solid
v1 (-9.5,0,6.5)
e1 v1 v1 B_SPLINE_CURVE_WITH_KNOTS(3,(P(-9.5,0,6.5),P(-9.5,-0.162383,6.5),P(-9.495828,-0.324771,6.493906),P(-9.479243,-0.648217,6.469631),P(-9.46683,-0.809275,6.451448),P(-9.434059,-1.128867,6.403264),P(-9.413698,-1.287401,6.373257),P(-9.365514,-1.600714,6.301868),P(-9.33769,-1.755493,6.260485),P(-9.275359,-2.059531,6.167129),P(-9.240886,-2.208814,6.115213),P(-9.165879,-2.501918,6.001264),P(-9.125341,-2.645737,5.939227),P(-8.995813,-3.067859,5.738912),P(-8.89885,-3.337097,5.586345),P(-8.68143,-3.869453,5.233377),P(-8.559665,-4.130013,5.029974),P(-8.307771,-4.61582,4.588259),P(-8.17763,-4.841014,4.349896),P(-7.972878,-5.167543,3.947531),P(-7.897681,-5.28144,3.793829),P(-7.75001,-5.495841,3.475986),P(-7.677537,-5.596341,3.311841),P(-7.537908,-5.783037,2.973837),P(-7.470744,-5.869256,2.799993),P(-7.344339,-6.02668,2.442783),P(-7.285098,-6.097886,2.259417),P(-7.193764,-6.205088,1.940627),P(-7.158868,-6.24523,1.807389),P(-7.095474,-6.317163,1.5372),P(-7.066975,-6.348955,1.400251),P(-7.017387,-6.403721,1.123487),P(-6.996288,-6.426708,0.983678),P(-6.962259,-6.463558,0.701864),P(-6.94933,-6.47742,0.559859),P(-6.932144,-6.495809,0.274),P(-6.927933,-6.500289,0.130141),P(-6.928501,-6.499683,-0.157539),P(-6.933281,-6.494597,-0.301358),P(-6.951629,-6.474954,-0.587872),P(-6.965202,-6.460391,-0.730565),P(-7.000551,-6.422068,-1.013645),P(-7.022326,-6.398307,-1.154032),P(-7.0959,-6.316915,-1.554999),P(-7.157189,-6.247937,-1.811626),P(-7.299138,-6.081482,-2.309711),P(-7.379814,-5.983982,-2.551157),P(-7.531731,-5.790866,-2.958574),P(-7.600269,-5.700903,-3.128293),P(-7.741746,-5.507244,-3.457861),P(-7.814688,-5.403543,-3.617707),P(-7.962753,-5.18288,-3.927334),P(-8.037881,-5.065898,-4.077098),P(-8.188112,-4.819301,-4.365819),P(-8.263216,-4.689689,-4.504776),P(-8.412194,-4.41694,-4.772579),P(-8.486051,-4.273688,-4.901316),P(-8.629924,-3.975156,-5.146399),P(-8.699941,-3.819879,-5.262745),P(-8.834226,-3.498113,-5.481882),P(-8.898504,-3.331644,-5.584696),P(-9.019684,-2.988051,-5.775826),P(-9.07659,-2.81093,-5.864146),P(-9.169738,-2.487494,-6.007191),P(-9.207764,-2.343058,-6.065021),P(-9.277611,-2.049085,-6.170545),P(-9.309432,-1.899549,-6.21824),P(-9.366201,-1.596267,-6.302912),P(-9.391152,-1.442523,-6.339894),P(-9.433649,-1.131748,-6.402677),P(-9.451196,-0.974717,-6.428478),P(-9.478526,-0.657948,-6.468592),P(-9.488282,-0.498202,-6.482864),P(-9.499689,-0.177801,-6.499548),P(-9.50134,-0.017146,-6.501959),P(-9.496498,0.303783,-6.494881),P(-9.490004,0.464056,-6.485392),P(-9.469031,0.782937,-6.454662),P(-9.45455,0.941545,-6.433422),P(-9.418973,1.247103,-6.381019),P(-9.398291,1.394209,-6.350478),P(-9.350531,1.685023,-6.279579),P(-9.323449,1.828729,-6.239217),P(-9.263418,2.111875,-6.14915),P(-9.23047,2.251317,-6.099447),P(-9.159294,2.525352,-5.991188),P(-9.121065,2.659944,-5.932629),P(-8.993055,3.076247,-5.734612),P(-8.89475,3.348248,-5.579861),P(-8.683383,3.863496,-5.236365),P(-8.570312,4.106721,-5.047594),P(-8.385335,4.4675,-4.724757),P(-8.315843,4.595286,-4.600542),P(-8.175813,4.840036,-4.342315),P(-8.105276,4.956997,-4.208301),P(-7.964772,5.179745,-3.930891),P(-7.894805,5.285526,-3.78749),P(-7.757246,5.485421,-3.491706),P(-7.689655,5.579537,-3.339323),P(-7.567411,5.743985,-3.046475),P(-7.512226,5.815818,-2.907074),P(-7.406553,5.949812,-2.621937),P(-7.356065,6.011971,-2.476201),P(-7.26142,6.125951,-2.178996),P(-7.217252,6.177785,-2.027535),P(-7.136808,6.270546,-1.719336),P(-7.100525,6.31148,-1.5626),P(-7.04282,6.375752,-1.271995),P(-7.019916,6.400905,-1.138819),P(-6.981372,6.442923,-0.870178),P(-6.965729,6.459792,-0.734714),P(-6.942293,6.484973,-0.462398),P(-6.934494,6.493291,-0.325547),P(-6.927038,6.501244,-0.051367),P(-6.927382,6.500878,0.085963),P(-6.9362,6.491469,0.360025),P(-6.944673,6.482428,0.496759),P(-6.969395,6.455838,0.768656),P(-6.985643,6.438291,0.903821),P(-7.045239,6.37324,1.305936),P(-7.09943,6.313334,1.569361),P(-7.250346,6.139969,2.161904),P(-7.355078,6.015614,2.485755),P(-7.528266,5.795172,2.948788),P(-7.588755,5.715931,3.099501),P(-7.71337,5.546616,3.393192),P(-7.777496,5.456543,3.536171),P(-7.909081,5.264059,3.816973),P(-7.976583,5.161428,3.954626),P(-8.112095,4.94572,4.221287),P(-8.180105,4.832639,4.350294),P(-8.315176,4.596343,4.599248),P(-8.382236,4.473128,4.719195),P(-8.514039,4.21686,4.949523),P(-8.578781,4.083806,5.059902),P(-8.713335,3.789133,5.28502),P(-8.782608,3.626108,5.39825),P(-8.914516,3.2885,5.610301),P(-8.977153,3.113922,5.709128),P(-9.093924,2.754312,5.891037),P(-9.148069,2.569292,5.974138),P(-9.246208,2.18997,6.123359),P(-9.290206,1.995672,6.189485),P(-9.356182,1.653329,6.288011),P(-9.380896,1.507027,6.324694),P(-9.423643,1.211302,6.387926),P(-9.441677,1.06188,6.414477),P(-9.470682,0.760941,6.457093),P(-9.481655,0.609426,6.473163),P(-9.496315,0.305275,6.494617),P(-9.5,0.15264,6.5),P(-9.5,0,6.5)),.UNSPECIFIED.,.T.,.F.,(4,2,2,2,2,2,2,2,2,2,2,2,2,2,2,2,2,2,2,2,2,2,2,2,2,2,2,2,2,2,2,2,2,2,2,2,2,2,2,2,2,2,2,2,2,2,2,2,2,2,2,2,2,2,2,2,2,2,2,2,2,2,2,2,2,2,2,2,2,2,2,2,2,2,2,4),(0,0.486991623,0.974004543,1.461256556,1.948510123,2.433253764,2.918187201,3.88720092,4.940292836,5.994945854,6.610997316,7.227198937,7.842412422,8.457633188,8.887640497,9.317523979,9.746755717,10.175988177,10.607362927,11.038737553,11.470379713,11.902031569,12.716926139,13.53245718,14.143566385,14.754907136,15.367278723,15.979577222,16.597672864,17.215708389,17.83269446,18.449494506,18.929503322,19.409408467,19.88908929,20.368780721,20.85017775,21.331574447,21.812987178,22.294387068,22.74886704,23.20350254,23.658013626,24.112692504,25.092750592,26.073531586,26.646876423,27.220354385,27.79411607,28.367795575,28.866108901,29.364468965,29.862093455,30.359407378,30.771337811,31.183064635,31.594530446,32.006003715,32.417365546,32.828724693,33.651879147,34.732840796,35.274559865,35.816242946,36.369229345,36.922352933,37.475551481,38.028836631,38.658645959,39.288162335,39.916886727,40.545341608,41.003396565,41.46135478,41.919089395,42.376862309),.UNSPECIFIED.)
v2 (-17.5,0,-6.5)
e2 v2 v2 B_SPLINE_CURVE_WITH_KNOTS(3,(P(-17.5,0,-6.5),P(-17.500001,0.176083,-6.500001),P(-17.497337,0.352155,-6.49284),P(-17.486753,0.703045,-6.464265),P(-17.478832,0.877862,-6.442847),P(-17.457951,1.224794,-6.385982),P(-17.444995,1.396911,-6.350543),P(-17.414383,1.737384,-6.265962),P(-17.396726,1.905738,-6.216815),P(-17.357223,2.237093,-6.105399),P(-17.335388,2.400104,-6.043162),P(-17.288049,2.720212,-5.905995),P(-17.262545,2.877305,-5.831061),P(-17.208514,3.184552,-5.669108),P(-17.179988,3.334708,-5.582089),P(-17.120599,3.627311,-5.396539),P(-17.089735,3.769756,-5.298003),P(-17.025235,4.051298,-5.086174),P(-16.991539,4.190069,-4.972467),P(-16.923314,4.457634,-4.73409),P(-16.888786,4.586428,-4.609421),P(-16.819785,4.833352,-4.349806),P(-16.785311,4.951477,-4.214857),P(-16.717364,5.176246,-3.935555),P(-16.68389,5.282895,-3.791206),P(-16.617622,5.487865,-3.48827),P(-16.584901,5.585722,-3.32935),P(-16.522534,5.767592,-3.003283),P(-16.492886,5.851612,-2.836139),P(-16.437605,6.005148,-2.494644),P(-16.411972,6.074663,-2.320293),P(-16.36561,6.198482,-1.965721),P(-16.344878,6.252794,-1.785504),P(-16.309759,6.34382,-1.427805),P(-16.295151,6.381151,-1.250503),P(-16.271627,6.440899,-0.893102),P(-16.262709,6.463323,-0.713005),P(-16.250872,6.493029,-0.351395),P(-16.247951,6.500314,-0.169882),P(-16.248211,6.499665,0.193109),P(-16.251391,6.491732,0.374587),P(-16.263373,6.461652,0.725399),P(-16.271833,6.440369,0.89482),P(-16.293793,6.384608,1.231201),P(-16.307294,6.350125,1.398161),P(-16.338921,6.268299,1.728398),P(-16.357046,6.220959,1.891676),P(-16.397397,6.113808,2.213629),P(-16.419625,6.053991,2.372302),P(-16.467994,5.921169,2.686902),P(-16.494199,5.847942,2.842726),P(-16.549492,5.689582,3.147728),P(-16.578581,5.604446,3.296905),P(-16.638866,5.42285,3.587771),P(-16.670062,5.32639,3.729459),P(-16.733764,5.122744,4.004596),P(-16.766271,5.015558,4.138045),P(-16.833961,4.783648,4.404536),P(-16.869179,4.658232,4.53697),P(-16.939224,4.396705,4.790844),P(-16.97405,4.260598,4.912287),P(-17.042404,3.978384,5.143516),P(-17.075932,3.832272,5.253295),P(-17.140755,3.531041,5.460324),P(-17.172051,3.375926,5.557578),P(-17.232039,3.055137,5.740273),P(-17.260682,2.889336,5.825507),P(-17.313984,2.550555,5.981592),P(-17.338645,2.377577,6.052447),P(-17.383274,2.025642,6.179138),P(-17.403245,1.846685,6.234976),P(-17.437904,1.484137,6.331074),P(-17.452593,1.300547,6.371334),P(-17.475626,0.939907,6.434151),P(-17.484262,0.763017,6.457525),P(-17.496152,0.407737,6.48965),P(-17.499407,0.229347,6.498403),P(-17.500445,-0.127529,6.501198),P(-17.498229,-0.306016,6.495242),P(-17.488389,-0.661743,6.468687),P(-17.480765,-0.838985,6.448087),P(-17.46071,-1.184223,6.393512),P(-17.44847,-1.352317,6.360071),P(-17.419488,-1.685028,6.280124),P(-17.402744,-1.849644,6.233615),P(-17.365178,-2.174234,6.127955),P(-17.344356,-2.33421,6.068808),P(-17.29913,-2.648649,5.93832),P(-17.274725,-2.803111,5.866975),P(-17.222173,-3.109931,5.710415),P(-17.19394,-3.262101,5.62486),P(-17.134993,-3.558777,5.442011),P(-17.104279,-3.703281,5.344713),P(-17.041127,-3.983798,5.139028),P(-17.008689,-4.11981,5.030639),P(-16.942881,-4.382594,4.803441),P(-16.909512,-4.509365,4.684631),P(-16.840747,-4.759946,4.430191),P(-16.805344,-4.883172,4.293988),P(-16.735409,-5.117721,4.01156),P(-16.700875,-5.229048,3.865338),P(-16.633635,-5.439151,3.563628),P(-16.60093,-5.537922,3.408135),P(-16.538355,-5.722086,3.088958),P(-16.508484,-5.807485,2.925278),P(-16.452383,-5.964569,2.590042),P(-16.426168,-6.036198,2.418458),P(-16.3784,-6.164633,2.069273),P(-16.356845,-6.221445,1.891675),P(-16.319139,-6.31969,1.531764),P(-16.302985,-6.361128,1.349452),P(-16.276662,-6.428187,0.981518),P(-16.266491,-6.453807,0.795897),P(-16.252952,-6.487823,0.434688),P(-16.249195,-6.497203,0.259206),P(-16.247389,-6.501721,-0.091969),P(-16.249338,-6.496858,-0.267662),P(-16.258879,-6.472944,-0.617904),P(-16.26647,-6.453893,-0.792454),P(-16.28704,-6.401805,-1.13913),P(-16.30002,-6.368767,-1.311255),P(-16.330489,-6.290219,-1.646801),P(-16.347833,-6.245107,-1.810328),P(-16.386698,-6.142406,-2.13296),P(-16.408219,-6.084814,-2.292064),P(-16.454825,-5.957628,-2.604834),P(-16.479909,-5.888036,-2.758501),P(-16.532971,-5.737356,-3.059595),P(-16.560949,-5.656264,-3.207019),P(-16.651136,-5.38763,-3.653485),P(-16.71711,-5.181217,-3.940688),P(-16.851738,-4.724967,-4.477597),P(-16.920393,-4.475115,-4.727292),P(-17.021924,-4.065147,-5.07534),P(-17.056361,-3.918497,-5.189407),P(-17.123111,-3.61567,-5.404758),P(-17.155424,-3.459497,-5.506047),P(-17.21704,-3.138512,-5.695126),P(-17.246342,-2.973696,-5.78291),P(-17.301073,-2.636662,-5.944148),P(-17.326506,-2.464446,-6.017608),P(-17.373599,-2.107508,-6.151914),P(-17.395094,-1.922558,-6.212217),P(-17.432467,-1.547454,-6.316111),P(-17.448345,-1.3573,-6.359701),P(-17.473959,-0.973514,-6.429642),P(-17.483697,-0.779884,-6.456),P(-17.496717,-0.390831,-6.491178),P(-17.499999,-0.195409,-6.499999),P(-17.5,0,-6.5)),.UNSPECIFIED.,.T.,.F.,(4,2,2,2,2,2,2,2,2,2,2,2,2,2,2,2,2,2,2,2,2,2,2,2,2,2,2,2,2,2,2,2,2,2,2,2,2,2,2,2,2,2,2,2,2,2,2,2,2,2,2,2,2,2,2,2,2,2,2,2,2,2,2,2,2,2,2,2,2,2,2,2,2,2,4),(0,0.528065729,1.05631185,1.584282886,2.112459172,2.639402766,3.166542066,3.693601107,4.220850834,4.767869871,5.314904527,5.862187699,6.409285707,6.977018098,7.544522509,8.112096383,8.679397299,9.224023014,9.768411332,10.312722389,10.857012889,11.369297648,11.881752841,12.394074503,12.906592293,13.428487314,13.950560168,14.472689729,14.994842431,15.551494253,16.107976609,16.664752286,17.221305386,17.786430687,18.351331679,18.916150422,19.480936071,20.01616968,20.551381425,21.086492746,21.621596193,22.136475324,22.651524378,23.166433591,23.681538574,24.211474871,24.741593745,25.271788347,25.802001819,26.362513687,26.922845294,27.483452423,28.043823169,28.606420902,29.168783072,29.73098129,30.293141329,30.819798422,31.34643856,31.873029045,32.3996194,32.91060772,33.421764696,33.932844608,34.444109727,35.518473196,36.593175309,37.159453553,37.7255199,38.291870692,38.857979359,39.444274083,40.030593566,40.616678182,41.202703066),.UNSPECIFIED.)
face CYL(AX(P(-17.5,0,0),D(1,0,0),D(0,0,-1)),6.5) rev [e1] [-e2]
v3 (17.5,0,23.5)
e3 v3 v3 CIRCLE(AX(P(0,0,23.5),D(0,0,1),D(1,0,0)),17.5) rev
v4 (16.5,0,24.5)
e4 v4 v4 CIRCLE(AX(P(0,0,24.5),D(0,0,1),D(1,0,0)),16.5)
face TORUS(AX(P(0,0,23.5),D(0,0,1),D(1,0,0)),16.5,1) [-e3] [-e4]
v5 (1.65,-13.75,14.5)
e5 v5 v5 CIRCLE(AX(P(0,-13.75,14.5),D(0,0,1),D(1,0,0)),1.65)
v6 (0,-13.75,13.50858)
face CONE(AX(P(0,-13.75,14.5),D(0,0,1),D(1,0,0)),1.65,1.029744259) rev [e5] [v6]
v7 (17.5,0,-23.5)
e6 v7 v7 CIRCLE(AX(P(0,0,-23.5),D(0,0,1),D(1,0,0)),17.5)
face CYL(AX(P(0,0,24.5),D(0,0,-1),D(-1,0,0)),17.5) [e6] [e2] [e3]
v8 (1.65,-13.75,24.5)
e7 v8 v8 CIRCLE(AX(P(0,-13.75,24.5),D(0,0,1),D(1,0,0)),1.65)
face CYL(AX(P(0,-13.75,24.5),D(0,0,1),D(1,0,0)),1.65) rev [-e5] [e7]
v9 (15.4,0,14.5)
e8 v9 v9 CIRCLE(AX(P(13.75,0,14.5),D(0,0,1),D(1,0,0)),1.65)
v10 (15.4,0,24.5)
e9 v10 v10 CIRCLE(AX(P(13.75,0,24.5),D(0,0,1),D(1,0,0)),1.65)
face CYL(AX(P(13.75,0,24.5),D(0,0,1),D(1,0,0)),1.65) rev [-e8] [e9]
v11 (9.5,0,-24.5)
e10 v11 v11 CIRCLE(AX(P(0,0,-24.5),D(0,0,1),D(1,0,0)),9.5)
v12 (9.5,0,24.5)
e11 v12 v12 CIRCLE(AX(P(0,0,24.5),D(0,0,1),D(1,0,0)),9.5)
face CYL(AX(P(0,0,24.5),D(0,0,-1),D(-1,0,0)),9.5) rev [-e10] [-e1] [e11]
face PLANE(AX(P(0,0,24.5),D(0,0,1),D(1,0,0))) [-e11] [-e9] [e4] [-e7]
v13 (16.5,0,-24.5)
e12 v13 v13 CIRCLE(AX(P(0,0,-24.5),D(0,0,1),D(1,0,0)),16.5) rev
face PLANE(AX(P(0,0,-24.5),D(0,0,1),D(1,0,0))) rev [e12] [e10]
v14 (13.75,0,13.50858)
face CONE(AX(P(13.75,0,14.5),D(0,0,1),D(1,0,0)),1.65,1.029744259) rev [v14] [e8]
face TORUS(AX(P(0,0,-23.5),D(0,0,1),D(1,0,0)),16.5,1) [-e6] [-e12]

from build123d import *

# Parameters (mm, degrees)
ESBO_O1_R                 = 17.5
ESBO_O1_R_2               = 9.5
RESSALTO_EXTRUS_O1_DEPTH  = 24.5
FILETE1_R                 = 1
ESBO_O2_R                 = 6.5
CORTE_EXTRUS_O1_DEPTH     = 35.824560299
FURO_ROSCADO_DE_M41_D     = 3.3
FURO_ROSCADO_DE_M41_DEPTH = 10
FURO_ROSCADO_DE_M41_TIP   = 0.991420021


with BuildPart() as part:
    # Esboço1 → Ressalto-extrusão1 (new, symmetric)
    with BuildSketch(Plane.XY):
        Circle(ESBO_O1_R)
        Circle(ESBO_O1_R_2, mode=Mode.SUBTRACT)
    extrude(amount=RESSALTO_EXTRUS_O1_DEPTH, both=True)

    # Filete1
    filete1_edges = [part.edges().sort_by_distance(p)[0] for p in [
        (-17.5, 0, -24.5),
        (-17.5, 0, 24.5),
    ]]
    fillet(filete1_edges, radius=FILETE1_R)

    # Esboço2 → Corte-extrusão1 (cut, through all)
    with BuildSketch(Plane(origin=(0, 0, 0), x_dir=(0, 0, -1), z_dir=(1, 0, 0))):
        Circle(ESBO_O2_R)
    extrude(amount=-CORTE_EXTRUS_O1_DEPTH, mode=Mode.SUBTRACT)

    # Furo roscado de M41
    with Locations(Plane.XY.offset(24.5)):
        with Locations((13.75, 0), (0, -13.75)):
            Hole(FURO_ROSCADO_DE_M41_D / 2, depth=FURO_ROSCADO_DE_M41_DEPTH)
            with Locations((0, 0, -(FURO_ROSCADO_DE_M41_DEPTH + FURO_ROSCADO_DE_M41_TIP / 2))):  # 118° drill point
                Cone(0, FURO_ROSCADO_DE_M41_D / 2, FURO_ROSCADO_DE_M41_TIP, mode=Mode.SUBTRACT)


solid = part.part
